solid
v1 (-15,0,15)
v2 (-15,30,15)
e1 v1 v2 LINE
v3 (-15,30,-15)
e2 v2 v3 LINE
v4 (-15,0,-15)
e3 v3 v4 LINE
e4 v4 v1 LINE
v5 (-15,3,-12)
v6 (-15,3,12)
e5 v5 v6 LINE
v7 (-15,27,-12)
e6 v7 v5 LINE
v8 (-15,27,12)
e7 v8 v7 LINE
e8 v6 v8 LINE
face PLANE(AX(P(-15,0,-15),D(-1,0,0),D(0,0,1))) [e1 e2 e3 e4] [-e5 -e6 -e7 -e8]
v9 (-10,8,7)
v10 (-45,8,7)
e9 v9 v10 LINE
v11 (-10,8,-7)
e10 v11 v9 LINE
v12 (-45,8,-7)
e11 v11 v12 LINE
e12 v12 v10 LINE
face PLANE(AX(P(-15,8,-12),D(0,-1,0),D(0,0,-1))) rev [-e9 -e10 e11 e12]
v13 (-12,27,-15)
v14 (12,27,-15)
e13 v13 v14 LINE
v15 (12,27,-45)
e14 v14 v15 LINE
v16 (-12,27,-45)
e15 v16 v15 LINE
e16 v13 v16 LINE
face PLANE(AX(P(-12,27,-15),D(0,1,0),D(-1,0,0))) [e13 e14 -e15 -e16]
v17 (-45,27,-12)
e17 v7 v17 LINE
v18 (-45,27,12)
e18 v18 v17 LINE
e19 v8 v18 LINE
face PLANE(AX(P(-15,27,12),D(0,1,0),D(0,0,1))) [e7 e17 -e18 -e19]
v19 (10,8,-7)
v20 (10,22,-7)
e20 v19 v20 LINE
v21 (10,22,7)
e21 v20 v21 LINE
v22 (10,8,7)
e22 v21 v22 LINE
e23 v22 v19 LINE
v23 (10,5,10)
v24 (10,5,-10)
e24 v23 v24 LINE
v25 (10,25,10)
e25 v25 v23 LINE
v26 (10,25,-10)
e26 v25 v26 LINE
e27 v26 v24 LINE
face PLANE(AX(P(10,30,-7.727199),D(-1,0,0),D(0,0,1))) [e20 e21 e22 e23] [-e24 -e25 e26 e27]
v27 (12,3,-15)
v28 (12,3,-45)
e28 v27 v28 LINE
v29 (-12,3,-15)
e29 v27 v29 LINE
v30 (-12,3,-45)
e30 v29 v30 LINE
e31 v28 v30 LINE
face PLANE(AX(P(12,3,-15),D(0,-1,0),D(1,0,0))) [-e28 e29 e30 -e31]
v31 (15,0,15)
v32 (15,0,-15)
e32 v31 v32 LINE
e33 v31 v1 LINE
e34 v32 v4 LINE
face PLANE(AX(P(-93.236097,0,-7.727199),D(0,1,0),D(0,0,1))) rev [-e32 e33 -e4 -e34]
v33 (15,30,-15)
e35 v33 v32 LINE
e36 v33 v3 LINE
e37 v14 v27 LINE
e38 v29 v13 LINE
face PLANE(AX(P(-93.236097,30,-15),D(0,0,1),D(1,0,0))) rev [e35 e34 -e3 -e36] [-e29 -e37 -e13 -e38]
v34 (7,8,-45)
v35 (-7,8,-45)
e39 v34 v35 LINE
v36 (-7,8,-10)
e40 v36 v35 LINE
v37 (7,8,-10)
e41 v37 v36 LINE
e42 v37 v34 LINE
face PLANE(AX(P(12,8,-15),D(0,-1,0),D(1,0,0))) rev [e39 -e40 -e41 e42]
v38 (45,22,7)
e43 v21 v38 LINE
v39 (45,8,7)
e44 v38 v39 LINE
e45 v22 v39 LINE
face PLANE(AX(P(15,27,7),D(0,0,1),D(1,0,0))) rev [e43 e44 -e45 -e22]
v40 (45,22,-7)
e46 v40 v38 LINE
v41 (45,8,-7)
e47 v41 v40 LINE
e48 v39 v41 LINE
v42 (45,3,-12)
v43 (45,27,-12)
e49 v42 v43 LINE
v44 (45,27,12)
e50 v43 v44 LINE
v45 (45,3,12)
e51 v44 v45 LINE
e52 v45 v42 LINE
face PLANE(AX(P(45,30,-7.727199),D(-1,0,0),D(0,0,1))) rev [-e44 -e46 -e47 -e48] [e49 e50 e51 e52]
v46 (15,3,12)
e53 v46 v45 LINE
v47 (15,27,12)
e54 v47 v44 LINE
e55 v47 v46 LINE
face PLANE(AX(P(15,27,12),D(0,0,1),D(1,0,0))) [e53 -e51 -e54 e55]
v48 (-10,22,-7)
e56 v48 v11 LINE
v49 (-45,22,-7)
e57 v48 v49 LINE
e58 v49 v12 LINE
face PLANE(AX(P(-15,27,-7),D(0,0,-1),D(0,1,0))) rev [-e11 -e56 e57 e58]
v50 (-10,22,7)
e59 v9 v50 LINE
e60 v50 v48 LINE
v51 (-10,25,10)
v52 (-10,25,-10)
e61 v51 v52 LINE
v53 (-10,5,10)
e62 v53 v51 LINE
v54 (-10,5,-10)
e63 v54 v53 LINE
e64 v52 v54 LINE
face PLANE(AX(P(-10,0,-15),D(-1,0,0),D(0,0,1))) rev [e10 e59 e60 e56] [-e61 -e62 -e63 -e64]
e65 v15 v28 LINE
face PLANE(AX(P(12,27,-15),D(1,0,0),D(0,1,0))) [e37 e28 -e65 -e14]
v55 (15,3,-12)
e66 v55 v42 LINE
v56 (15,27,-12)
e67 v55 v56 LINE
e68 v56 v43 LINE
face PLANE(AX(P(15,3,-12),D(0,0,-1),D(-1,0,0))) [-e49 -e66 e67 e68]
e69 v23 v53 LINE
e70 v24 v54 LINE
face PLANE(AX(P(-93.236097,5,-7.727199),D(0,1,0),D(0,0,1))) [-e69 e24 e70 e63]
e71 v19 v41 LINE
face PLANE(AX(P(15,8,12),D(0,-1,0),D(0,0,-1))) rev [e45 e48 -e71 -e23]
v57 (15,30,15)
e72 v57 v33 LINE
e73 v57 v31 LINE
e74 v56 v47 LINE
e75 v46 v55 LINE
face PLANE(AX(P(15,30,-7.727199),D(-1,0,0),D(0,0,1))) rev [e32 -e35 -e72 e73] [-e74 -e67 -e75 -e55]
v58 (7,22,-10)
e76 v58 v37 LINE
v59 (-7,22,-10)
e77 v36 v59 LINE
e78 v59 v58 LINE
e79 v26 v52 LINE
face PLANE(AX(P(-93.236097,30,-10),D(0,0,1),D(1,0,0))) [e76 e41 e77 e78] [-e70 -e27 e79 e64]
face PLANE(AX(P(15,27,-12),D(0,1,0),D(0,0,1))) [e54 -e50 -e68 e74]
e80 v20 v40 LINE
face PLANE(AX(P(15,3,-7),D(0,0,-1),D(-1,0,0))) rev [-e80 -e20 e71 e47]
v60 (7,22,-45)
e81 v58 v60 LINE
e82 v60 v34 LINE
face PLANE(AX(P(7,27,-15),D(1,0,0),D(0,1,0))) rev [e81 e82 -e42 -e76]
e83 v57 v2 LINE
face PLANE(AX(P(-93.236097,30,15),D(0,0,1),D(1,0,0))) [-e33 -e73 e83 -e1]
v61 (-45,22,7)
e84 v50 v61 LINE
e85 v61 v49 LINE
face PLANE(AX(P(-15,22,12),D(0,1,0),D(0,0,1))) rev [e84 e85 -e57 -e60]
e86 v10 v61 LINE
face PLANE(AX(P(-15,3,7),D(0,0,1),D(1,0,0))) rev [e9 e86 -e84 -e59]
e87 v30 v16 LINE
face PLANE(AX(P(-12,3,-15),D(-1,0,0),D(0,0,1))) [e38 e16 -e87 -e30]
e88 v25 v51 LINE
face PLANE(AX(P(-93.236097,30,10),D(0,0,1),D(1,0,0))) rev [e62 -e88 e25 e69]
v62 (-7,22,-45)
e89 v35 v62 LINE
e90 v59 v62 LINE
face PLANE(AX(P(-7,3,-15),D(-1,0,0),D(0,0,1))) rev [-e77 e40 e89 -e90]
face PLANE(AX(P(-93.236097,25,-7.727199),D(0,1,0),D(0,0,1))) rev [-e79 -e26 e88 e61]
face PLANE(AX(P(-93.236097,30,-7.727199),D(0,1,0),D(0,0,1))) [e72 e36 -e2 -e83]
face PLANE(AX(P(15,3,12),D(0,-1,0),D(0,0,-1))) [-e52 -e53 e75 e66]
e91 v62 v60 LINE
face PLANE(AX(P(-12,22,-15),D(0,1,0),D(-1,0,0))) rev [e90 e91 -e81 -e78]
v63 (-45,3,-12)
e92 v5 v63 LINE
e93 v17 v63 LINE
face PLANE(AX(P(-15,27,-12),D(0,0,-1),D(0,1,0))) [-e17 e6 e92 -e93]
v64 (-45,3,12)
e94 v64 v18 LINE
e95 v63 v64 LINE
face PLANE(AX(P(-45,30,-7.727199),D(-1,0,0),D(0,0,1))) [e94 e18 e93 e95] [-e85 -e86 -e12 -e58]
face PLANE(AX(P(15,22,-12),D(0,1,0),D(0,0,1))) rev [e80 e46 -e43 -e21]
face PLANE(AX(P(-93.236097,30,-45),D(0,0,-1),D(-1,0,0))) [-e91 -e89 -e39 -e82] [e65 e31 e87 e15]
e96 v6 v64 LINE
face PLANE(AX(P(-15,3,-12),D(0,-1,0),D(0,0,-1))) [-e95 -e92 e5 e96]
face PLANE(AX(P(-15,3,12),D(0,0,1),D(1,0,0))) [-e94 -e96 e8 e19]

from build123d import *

# Parameters (mm, degrees)
CROQUIS1_W     = 30
CROQUIS1_H     = 30
EXTRUIR1_DEPTH = 30
CROQUIS2_W     = 30
CROQUIS2_H     = 30
CROQUIS2_W_2   = 24
CROQUIS2_H_2   = 24
EXTRUIR2_DEPTH = 30
CROQUIS3_W     = 30
CROQUIS3_H     = 30
CROQUIS3_W_2   = 24
CROQUIS3_H_2   = 24
EXTRUIR3_DEPTH = 30
CROQUIS5_W     = 30
CROQUIS5_H     = 30
CROQUIS5_W_2   = 24
CROQUIS5_H_2   = 24
EXTRUIR4_DEPTH = 30
VACIADO1_T     = -5


with BuildPart() as part:
    # Croquis1 → Extruir1 (new body)
    with BuildSketch(Plane(origin=(0, 0, 0), x_dir=(1, 0, 0), z_dir=(0, 1, 0))):
        with Locations((0, 30)):
            Rectangle(CROQUIS1_W, CROQUIS1_H)
        Rectangle(CROQUIS1_W, CROQUIS1_H)
        with Locations((30, 0)):
            Rectangle(CROQUIS1_W, CROQUIS1_H)
        with Locations((-30, 0)):
            Rectangle(CROQUIS1_W, CROQUIS1_H)
    extrude(amount=EXTRUIR1_DEPTH)

    # Croquis2 → Extruir2 (cut)
    with BuildSketch(Plane(origin=(45, 0, 0), x_dir=(0, 0, -1), z_dir=(1, 0, 0))):
        with Locations((0, 15)):
            Rectangle(CROQUIS2_W, CROQUIS2_H)
        with Locations((0, 15)):
            Rectangle(CROQUIS2_W_2, CROQUIS2_H_2, mode=Mode.SUBTRACT)
    extrude(amount=-EXTRUIR2_DEPTH, mode=Mode.SUBTRACT)

    # Croquis3 → Extruir3 (cut)
    with BuildSketch(Plane(origin=(0, 0, -45), x_dir=(-1, 0, 0), z_dir=(0, 0, -1))):
        with Locations((0, 15)):
            Rectangle(CROQUIS3_W, CROQUIS3_H)
        with Locations((0, 15)):
            Rectangle(CROQUIS3_W_2, CROQUIS3_H_2, mode=Mode.SUBTRACT)
    extrude(amount=-EXTRUIR3_DEPTH, mode=Mode.SUBTRACT)

    # Croquis5 → Extruir4 (cut)
    with BuildSketch(Plane.ZY.offset(45)):
        with Locations((0, 15)):
            Rectangle(CROQUIS5_W, CROQUIS5_H)
        with Locations((0, 15)):
            Rectangle(CROQUIS5_W_2, CROQUIS5_H_2, mode=Mode.SUBTRACT)
    extrude(amount=-EXTRUIR4_DEPTH, mode=Mode.SUBTRACT)

    # Vaciado1
    vaciado1_openings = [part.faces().sort_by_distance(p)[0] for p in [
        (45, 15, 0),
        (0, 15, -45),
        (-45, 15, 0),
    ]]
    offset(amount=VACIADO1_T, openings=vaciado1_openings, kind=Kind.INTERSECTION)


solid = part.part
